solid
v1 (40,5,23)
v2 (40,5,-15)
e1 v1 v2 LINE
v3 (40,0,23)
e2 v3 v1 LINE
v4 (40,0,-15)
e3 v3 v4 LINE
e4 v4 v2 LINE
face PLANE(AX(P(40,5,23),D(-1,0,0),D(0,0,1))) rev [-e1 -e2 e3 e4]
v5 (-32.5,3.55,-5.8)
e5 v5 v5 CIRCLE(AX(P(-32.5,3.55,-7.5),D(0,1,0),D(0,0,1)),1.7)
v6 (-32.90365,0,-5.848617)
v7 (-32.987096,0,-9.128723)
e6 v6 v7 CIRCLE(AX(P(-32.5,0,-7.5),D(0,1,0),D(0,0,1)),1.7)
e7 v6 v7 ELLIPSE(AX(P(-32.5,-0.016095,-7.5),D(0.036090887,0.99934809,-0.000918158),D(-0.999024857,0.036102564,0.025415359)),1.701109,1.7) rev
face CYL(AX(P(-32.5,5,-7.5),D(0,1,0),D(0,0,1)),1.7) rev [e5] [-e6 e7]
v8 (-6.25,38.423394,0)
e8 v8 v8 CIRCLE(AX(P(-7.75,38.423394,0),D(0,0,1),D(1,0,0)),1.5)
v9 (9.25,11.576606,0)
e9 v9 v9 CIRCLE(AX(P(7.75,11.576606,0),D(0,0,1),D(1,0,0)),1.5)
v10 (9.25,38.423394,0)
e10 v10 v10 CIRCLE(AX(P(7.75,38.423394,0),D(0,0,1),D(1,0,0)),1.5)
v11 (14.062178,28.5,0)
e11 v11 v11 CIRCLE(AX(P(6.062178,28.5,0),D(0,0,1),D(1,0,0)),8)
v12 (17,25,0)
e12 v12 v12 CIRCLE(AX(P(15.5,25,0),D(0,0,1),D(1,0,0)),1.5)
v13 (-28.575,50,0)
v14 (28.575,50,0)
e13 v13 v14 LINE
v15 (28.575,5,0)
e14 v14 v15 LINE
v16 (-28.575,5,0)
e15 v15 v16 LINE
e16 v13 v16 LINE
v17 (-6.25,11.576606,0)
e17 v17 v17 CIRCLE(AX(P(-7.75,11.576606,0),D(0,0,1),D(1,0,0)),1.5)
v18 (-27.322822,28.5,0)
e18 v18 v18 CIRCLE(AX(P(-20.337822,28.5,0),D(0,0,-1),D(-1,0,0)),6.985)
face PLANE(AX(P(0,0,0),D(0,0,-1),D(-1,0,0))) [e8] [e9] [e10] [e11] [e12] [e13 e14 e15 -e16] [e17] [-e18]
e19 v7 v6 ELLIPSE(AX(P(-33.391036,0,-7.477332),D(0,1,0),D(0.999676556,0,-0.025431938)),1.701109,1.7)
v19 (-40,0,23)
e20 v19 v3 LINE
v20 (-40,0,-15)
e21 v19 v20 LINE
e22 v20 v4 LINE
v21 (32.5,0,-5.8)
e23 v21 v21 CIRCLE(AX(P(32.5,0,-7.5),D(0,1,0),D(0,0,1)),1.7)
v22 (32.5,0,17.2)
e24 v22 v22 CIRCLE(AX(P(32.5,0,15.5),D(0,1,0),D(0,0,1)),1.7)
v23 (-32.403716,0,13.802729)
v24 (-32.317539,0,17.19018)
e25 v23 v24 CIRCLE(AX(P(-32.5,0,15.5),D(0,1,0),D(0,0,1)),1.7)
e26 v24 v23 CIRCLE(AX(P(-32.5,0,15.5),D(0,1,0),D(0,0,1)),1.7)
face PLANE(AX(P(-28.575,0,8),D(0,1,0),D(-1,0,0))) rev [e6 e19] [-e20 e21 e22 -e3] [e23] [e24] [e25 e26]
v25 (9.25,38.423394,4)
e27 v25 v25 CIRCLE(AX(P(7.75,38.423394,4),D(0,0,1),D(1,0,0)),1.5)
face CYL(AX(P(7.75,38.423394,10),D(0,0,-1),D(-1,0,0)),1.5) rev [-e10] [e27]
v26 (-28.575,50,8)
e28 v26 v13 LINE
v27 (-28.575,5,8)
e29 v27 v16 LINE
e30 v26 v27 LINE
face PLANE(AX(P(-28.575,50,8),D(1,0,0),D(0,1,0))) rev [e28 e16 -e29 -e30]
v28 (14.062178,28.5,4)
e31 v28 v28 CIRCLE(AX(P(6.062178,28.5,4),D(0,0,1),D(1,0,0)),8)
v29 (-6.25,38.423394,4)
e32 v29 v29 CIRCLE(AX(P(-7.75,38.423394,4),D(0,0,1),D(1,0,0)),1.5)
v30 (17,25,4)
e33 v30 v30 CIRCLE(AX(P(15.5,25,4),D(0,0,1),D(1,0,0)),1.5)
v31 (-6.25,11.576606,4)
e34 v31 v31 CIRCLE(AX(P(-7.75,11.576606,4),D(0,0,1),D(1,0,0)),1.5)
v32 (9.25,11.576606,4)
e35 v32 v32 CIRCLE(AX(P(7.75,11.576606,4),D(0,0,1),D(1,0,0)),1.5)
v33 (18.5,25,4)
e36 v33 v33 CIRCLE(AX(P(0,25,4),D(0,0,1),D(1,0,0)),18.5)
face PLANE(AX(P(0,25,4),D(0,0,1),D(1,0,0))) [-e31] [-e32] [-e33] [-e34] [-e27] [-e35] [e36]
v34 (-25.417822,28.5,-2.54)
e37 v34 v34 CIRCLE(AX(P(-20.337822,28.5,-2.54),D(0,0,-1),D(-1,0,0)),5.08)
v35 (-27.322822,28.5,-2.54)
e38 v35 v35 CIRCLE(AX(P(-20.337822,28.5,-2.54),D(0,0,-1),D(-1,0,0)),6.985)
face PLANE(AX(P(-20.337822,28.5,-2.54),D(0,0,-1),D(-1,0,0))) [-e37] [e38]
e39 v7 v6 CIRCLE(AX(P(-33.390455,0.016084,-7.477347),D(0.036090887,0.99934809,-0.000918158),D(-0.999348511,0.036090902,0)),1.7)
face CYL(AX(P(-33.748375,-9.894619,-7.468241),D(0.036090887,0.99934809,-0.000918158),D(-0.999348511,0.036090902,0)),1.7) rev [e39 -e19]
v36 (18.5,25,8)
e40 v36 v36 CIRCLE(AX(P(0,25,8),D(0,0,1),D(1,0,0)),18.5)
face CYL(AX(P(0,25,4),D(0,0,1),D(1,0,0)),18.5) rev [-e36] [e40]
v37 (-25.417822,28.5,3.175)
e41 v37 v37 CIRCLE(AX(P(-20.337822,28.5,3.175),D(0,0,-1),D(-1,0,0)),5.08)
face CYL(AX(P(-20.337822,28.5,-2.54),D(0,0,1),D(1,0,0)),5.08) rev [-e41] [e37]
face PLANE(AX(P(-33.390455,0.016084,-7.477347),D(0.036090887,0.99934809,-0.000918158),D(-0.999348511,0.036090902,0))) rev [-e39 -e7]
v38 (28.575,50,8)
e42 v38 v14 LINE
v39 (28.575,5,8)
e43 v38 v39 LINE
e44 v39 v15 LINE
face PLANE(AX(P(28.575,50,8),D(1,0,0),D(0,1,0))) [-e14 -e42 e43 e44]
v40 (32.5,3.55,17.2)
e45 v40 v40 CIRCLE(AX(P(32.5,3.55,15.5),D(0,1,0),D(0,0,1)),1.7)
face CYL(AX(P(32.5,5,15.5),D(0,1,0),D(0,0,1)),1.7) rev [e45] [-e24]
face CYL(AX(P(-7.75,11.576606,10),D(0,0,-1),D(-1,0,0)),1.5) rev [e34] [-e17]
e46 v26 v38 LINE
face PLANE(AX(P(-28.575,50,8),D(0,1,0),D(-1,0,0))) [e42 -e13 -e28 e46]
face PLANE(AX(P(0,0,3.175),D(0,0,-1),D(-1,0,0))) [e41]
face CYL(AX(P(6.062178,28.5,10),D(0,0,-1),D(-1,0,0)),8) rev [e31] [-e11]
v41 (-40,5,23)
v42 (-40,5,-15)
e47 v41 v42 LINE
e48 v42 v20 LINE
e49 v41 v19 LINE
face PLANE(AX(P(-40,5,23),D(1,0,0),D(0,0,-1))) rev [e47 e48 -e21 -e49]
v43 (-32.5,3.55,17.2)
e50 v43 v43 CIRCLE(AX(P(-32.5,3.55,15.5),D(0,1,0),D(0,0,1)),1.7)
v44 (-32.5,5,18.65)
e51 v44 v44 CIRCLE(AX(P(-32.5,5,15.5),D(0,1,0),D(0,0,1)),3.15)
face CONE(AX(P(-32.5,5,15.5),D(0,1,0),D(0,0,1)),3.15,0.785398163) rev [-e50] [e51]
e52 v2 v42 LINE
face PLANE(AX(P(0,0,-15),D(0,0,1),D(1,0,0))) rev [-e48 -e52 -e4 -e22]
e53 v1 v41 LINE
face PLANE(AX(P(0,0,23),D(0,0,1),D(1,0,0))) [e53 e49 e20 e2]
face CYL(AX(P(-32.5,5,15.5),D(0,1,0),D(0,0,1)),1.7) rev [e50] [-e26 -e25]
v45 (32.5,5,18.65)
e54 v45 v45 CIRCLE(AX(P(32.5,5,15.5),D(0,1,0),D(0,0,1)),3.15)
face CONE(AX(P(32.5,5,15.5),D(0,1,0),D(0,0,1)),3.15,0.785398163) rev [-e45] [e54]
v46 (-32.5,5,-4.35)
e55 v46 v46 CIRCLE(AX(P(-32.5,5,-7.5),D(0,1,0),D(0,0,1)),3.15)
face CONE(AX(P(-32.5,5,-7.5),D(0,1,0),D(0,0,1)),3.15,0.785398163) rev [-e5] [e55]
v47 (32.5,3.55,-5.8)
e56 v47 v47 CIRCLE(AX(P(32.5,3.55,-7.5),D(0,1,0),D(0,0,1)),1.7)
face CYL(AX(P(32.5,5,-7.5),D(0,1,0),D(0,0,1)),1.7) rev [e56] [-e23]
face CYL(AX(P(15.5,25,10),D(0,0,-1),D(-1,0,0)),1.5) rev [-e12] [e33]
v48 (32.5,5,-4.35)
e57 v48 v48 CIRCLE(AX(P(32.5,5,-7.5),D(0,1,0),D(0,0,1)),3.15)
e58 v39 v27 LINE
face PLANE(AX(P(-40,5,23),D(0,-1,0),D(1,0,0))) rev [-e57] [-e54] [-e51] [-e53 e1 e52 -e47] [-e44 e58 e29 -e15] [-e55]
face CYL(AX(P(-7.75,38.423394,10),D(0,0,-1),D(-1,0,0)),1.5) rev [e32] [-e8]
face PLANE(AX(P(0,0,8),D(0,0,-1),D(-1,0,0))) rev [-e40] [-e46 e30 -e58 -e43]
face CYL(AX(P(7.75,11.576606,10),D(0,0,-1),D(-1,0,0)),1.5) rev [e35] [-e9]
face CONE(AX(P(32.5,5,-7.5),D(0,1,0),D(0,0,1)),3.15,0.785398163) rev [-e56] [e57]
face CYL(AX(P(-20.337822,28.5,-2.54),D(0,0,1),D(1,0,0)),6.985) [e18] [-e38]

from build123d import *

# Parameters (mm, degrees)
SKETCH3_W                                       = 57.15
SKETCH3_H                                       = 50
BOSS_EXTRUDE1_DEPTH                             = 8
SKETCH3_3_R                                     = 1.5
SKETCH3_3_R_2                                   = 8
CUT_EXTRUDE2_DEPTH                              = 10
SKETCH4_R                                       = 18.5
CUT_EXTRUDE3_DEPTH                              = 4
BOSS_EXTRUDE2_DEPTH                             = 15
BOSS_EXTRUDE2_DEPTH_BACK                        = 23
SKETCH6_W                                       = 80
SKETCH6_H                                       = 5
CSK_FOR_M3_FLAT_HEAD_MACHINE_SCREW1_D           = 3.4
CSK_FOR_M3_FLAT_HEAD_MACHINE_SCREW1_CSINK_D     = 6.3
CSK_FOR_M3_FLAT_HEAD_MACHINE_SCREW1_CSINK_ANGLE = 90
SKETCH13_R                                      = 6.985
SKETCH13_R_2                                    = 5.08
BOSS_EXTRUDE4_DEPTH                             = 2.54
CUT_EXTRUDE6_REACH                              = 544.7
SKETCH16_R                                      = 1.7
CUT_EXTRUDE7_START                              = -3.175
SKETCH13_2_R                                    = 5.08
CUT_EXTRUDE7_DEPTH                              = 3.175


with BuildPart() as part:
    # Sketch3 → Boss-Extrude1 (new body)
    with BuildSketch(Plane.XY):
        with Locations((0, 25)):
            Rectangle(SKETCH3_W, SKETCH3_H)
    extrude(amount=BOSS_EXTRUDE1_DEPTH)

    # Sketch3<3> → Cut-Extrude2 (cut)
    with BuildSketch(Plane.XY):
        with Locations(Location((-7.75, 38.423393759, 0), (0, 0, 180))):
            Circle(SKETCH3_3_R)
        with Locations(Location((7.75, 38.423393759, 0), (0, 0, 180))):
            Circle(SKETCH3_3_R)
        with Locations(Location((-7.75, 11.576606241, 0), (0, 0, 180))):
            Circle(SKETCH3_3_R)
        with Locations(Location((7.75, 11.576606241, 0), (0, 0, 180))):
            Circle(SKETCH3_3_R)
        with Locations(Location((15.5, 25, 0), (0, 0, 180))):
            Circle(SKETCH3_3_R)
        with Locations(Location((6.062177825, 28.499999999, 0), (0, 0, 180))):
            Circle(SKETCH3_3_R_2)
    extrude(amount=CUT_EXTRUDE2_DEPTH, mode=Mode.SUBTRACT)

    # Sketch4 → Cut-Extrude3 (cut)
    with BuildSketch(Plane.XY.offset(8)):
        with Locations((0, 25)):
            Circle(SKETCH4_R)
    extrude(amount=-CUT_EXTRUDE3_DEPTH, mode=Mode.SUBTRACT)

    # Sketch6 → Boss-Extrude2 (add, two sides: drawn at the far end of the back side and taken through both)
    with BuildSketch(Plane.XY.offset(8).offset(-BOSS_EXTRUDE2_DEPTH_BACK)):
        with Locations((0, 2.5)):
            Rectangle(SKETCH6_W, SKETCH6_H)
    extrude(amount=BOSS_EXTRUDE2_DEPTH + BOSS_EXTRUDE2_DEPTH_BACK)

    # CSK for M3 Flat Head Machine Screw1 (through all)
    with Locations(Plane(origin=(0, 5, 0), x_dir=(1, 0, 0), z_dir=(0, 1, 0))):
        with Locations((-32.5, 7.5), (-32.5, -15.5), (32.5, -15.5), (32.5, 7.5)):
            CounterSinkHole(CSK_FOR_M3_FLAT_HEAD_MACHINE_SCREW1_D / 2, CSK_FOR_M3_FLAT_HEAD_MACHINE_SCREW1_CSINK_D / 2, counter_sink_angle=CSK_FOR_M3_FLAT_HEAD_MACHINE_SCREW1_CSINK_ANGLE)

    # Sketch13 → Boss-Extrude4 (add)
    with BuildSketch(Plane(origin=(0, 0, 0), x_dir=(-1, 0, 0), z_dir=(0, 0, -1))):
        with Locations((20.337822175, 28.499999999)):
            Circle(SKETCH13_R)
        with Locations((20.337822175, 28.499999999)):
            Circle(SKETCH13_R_2, mode=Mode.SUBTRACT)
    extrude(amount=BOSS_EXTRUDE4_DEPTH)

    # Sketch16 → Cut-Extrude6 (cut, up to next)
    with BuildSketch(Plane(origin=(-499.248949842, 16.821159134, -28.308871479), x_dir=(0.05083085086369645, -0.0009181581696577923, 0.9987068546806156), z_dir=(0.03609088653191216, 0.9993480899541042, -0.0009181581696584952)), mode=Mode.PRIVATE) as cut_extrude6_sk1:
        with Locations((44.5, 464.499999998)):
            Circle(SKETCH16_R)
    cut_extrude6_tool1 = extrude(cut_extrude6_sk1.sketch, amount=-CUT_EXTRUDE6_REACH, mode=Mode.PRIVATE) & part.part
    add(cut_extrude6_tool1.solids().sort_by_distance((-33.390455, 0.016084, -7.477347))[0], mode=Mode.SUBTRACT)

    # Sketch13<2> → Cut-Extrude7 (cut)
    with BuildSketch(Plane(origin=(0, 0, 0), x_dir=(-1, 0, 0), z_dir=(0, 0, -1)).offset(CUT_EXTRUDE7_START)):
        with Locations((20.337822175, 28.499999999)):
            Circle(SKETCH13_2_R)
    extrude(amount=CUT_EXTRUDE7_DEPTH, mode=Mode.SUBTRACT)


solid = part.part
